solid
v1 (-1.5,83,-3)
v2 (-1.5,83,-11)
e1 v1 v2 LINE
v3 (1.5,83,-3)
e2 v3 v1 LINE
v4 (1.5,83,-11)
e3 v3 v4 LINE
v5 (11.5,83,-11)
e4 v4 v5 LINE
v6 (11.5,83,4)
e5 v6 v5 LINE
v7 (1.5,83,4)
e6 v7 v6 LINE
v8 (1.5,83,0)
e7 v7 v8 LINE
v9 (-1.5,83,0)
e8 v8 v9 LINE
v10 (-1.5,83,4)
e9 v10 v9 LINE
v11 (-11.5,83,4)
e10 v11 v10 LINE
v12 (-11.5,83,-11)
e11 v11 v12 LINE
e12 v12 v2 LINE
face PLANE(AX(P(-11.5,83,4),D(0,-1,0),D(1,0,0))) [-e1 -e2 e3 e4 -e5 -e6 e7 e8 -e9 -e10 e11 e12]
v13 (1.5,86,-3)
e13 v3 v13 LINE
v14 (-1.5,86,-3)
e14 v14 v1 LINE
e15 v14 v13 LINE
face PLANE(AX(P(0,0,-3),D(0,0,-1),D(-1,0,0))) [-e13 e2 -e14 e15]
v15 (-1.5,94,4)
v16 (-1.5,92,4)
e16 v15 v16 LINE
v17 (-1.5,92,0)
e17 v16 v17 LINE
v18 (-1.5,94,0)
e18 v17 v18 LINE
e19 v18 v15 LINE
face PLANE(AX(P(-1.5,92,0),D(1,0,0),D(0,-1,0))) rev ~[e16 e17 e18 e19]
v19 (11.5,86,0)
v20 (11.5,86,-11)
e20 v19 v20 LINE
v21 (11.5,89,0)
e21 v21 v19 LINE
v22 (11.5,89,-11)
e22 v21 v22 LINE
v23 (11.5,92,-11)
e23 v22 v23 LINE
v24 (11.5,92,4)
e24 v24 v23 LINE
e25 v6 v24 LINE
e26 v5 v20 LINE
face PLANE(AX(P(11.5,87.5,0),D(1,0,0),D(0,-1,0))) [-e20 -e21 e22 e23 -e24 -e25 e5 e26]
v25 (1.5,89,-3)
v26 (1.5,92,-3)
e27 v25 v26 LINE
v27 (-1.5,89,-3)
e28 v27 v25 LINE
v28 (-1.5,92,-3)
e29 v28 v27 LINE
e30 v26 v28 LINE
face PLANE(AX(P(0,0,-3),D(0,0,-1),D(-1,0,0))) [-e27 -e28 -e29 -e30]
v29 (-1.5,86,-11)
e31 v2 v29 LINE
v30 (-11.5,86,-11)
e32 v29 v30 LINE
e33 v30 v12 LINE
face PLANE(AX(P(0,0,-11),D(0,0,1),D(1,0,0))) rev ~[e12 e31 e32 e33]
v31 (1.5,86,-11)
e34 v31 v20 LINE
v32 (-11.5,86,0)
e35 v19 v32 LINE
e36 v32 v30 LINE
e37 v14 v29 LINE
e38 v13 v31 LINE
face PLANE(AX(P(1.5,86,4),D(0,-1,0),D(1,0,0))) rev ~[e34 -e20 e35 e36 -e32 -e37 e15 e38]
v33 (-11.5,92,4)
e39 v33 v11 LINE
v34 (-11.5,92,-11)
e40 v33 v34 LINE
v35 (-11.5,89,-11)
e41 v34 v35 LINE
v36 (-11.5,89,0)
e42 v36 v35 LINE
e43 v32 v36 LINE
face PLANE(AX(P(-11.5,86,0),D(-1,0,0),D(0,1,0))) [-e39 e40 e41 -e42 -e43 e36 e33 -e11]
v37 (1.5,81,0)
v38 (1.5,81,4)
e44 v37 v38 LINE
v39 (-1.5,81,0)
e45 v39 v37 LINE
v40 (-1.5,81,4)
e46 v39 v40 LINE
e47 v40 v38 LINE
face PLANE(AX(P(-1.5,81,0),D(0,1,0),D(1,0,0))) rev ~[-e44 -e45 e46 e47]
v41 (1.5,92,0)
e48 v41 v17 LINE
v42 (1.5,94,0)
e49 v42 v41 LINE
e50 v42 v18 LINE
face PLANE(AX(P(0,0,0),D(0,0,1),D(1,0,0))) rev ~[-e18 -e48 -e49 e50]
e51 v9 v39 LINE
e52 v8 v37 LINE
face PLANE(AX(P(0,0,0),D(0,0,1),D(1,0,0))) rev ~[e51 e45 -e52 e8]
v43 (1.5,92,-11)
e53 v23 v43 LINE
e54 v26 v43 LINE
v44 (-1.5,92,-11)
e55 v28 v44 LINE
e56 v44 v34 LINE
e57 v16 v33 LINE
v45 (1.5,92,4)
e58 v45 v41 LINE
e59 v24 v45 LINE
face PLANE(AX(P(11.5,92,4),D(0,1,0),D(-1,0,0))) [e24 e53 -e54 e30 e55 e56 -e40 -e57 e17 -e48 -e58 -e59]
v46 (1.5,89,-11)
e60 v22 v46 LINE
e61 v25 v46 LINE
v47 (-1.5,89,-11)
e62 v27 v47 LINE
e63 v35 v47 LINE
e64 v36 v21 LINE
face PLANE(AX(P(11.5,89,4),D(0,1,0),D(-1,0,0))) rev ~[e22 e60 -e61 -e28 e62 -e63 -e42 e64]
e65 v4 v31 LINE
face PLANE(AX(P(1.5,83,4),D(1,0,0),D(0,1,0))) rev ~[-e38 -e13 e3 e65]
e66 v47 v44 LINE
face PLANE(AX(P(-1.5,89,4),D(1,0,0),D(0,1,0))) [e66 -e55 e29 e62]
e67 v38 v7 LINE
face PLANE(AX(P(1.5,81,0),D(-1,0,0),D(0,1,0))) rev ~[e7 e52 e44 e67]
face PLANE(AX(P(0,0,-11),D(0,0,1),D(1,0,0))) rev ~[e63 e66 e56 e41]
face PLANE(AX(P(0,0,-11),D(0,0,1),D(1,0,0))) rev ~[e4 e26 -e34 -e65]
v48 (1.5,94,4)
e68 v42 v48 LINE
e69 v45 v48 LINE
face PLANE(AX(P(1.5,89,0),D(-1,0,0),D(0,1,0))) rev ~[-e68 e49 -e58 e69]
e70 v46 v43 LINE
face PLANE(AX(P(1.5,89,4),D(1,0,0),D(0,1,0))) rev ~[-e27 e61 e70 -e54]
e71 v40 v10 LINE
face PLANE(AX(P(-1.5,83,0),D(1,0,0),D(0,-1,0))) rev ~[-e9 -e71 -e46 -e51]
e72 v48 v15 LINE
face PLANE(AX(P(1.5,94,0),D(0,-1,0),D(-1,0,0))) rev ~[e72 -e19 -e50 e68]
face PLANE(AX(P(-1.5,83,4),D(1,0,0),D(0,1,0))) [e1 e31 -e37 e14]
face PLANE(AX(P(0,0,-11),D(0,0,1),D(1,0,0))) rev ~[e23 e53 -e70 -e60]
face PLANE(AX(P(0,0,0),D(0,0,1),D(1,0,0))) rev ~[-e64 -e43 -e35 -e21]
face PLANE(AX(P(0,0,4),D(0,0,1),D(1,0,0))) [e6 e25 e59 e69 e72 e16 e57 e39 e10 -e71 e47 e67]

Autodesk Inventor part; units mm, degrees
ref_plane "YZ Plane" through (0, 0, 0) normal (1, 0, 0) x (0, 1, 0)
ref_plane "XZ Plane" through (0, 0, 0) normal (0, 1, 0) x (-1, 0, 0)
ref_plane "XY Plane" through (0, 0, 0) normal (0, 0, 1) x (1, 0, 0)
sketch "Sketch1" plane through (0, 0, 0) normal (0, 0, 1) x (1, 0, 0)
  line L0 (-1.5, 81) -> (1.5, 81) projected
  line L1 (1.5, 81) -> (1.5, 86) projected
  line L2 (-1.5, 86) -> (1.5, 86) projected
  line L3 (-1.5, 86) -> (-1.5, 81) projected
  arc A0 (-53.4049, -82.5) -> (-44.7446, -87.5) centre (-44.7446, -77.5) ccw projected
  line L4 (-44.7446, -87.5) -> (44.7446, -87.5) projected
  arc A1 (44.7446, -87.5) -> (53.4049, -82.5) centre (44.7446, -77.5) ccw projected
  line L5 (53.4049, -82.5) -> (98.1495, -5) projected
  arc A2 (98.1495, -5) -> (98.1495, 5) centre (89.4893, 0) ccw projected
  line L6 (98.1495, 5) -> (53.4049, 82.5) projected
  arc A3 (53.4049, 82.5) -> (44.7446, 87.5) centre (44.7446, 77.5) ccw projected
  line L7 (44.7446, 87.5) -> (-44.7446, 87.5) projected
  arc A4 (-44.7446, 87.5) -> (-53.4049, 82.5) centre (-44.7446, 77.5) ccw projected
  line L8 (-53.4049, 82.5) -> (-98.1495, 5) projected
  arc A5 (-98.1495, 5) -> (-98.1495, -5) centre (-89.4893, 0) ccw projected
  line L9 (-98.1495, -5) -> (-53.4049, -82.5) projected
  line L10 (-50.8068, -84) -> (-98.1495, -2) projected
  arc A6 (-98.1495, 2) -> (-98.1495, -2) centre (-94.6854, 0) ccw projected
  line L11 (-98.1495, 2) -> (-50.8068, 84) projected
  arc A7 (-47.3427, 86) -> (-50.8068, 84) centre (-47.3427, 82) ccw projected
  line L12 (-47.3427, 86) -> (47.3427, 86) projected
  arc A8 (50.8068, 84) -> (47.3427, 86) centre (47.3427, 82) ccw projected
  line L13 (50.8068, 84) -> (98.1495, 2) projected
  arc A9 (98.1495, -2) -> (98.1495, 2) centre (94.6854, 0) ccw projected
  line L14 (98.1495, -2) -> (50.8068, -84) projected
  arc A10 (47.3427, -86) -> (50.8068, -84) centre (47.3427, -82) ccw projected
  line L15 (47.3427, -86) -> (-47.3427, -86) projected
  arc A11 (-50.8068, -84) -> (-47.3427, -86) centre (-47.3427, -82) ccw projected
  line L16 (47.3427, 89) -> (-47.3427, 89) projected
  line L17 (1.5, 94) -> (-1.5, 94) projected
  line L18 (-1.5, 94) -> (-1.5, 89) projected
  line L19 (1.5, 89) -> (-1.5, 89) projected
  line L20 (1.5, 89) -> (1.5, 94) projected
  line L21 (1.5, 97) -> (1.5, 94) projected
  line L22 (-1.5, 97) -> (1.5, 97) projected
  line L23 (-1.5, 94) -> (-1.5, 97) projected
  line L24 (1.5, 94) -> (-1.5, 94) projected
  line L25 (-1.5, 78) -> (-1.5, 81) projected
  line L26 (1.5, 78) -> (-1.5, 78) projected
  line L27 (1.5, 81) -> (1.5, 78) projected
  line L28 (-1.5, 81) -> (1.5, 81) projected
  line L29 (-11.5, 89) -> (11.5, 89)
  line L30 (11.5, 89) -> (11.5, 86)
  line L31 (11.5, 86) -> (-11.5, 86)
  line L32 (-11.5, 86) -> (-11.5, 89)
  line L33 (1.5, 92) -> (1.5, 83)
  line L34 (-1.5, 83) -> (-1.5, 92)
  line L35 (1.5, 92) -> (-1.5, 92)
  line L36 (1.5, 83) -> (-1.5, 83)
  point P0 (0, 0)
  dimension "d0" = 10
  dimension "d1" = 10
  dimension "d14" = 3
  dimension "d15" = 3
extrude "Extrusion1" add sketch "Sketch1" along normal blind 4 contours L3 L36 L1 L0 | L3 L2 L1 L36 | L34 L7 L33 L2 | L12 L32 L7 L34 | L33 L7 L30 L12 | L34 L16 L33 L7 | L7 L32 L16 L34 | L33 L16 L30 L7 | L18 L35 L20 L16 | L18 L17 L20 L35
sketch "Sketch2" plane through (0, 0, 4) normal (0, 0, 1) x (1, 0, 0)
  line L0 (1.5, 81) -> (1.5, 86) projected
  line L1 (1.5, 86) -> (11.5, 86) projected
  line L2 (11.5, 86) -> (11.5, 89) projected
  line L3 (11.5, 89) -> (1.5, 89) projected
  line L4 (1.5, 89) -> (1.5, 94) projected
  line L5 (-1.5, 94) -> (-1.5, 89) projected
  line L6 (-1.5, 89) -> (-11.5, 89) projected
  line L7 (-11.5, 89) -> (-11.5, 86) projected
  line L8 (-11.5, 86) -> (-1.5, 86) projected
  line L9 (-1.5, 86) -> (-1.5, 81) projected
  line L10 (-1.5, 81) -> (1.5, 81) projected
  line L11 (1.5, 94) -> (-1.5, 94) projected
  point P0 (0, 0)
sketch "Sketch3" plane through (0, 0, 4) normal (0, 0, 1) x (1, 0, 0)
  line L0 (11.5, 92) -> (-11.5, 92)
  line L1 (-11.5, 92) -> (-11.5, 83)
  line L2 (-11.5, 83) -> (11.5, 83)
  line L3 (11.5, 83) -> (11.5, 92)
  line L4 (11.5, 86) -> (11.5, 89) projected
  line L5 (-11.5, 89) -> (-11.5, 86) projected
  line L6 (1.5, 86) -> (11.5, 86) projected
  line L7 (11.5, 89) -> (1.5, 89) projected
  line L8 (-1.5, 86) -> (-11.5, 86)
  line L9 (-11.5, 86) -> (-11.5, 83)
  line L10 (-11.5, 83) -> (-1.5, 83)
  line L11 (-1.5, 83) -> (-1.5, 86)
  line L12 (-11.5, 89) -> (-11.5, 86) projected
  line L13 (-1.5, 92) -> (-11.5, 92)
  line L14 (-11.5, 92) -> (-11.5, 89)
  line L15 (-11.5, 89) -> (-1.5, 89)
  line L16 (-1.5, 89) -> (-1.5, 92)
  line L17 (-1.5, 94) -> (-1.5, 89) projected
  line L18 (1.5, 81) -> (1.5, 86) projected
  line L19 (11.5, 83) -> (1.5, 83)
  line L20 (1.5, 83) -> (1.5, 86)
  line L21 (1.5, 86) -> (11.5, 86)
  line L22 (11.5, 86) -> (11.5, 83)
  line L23 (11.5, 89) -> (1.5, 89)
  line L24 (1.5, 89) -> (1.5, 92)
  line L25 (1.5, 92) -> (11.5, 92)
  line L26 (11.5, 92) -> (11.5, 89)
  point P0 (0, 0)
  point P1 (-1.5, 97)
  point P2 (1.5, 78)
  dimension "d4" = 3
  dimension "d5" = 3
extrude "Extrusion2" add sketch "Sketch3" against normal blind 15 contours L3 L7 L24 L0 | L16 L15 L1 L0 | L3 L2 L18 L6 | L8 L11 L2 L1
sketch "Sketch4" plane through (0, 0, 0) normal (0, 0, -1) x (-1, 0, 0)
  line L0 (-1.5, 89) -> (-1.5, 92) projected
  line L1 (-11.5, 89) -> (-1.5, 89) projected
  line L2 (-11.5, 86) -> (-11.5, 89) projected
  line L3 (-1.5, 86) -> (-11.5, 86) projected
  line L4 (-1.5, 83) -> (-1.5, 86) projected
  line L5 (-1.5, 81) -> (-1.5, 83) projected
  line L6 (1.5, 83) -> (1.5, 81) projected
  line L7 (1.5, 86) -> (1.5, 83) projected
  line L8 (11.5, 86) -> (1.5, 86) projected
  line L9 (11.5, 89) -> (11.5, 86) projected
  line L10 (1.5, 89) -> (11.5, 89) projected
  line L11 (1.5, 92) -> (1.5, 89) projected
  line L12 (1.5, 94) -> (1.5, 92) projected
  line L13 (-1.5, 92) -> (-1.5, 94) projected
  line L14 (-1.5, 83) -> (-1.5, 86) projected
  line L15 (-1.5, 86) -> (-11.5, 86) projected
  line L16 (-11.5, 86) -> (-11.5, 83) projected
  line L17 (-11.5, 83) -> (-1.5, 83) projected
  line L18 (-1.5, 89) -> (-1.5, 92) projected
  line L19 (-1.5, 92) -> (-11.5, 92) projected
  line L20 (-11.5, 92) -> (-11.5, 89) projected
  line L21 (-11.5, 89) -> (-1.5, 89) projected
  line L22 (1.5, 89) -> (11.5, 89) projected
  line L23 (11.5, 89) -> (11.5, 92) projected
  line L24 (11.5, 92) -> (1.5, 92) projected
  line L25 (1.5, 92) -> (1.5, 89) projected
  line L26 (11.5, 83) -> (11.5, 86) projected
  line L27 (11.5, 86) -> (1.5, 86) projected
  line L28 (1.5, 86) -> (1.5, 83) projected
  line L29 (1.5, 83) -> (11.5, 83) projected
  line L30 (-1.5, 89) -> (-1.5, 92) projected
  line L31 (1.5, 89) -> (-1.5, 89)
  line L32 (-1.5, 89) -> (-1.5, 92)
  line L33 (-1.5, 92) -> (1.5, 92)
  line L34 (1.5, 92) -> (1.5, 89)
  line L35 (-1.5, 83) -> (-1.5, 86) projected
  line L36 (1.5, 86) -> (-1.5, 86)
  line L37 (-1.5, 86) -> (-1.5, 83)
  line L38 (-1.5, 83) -> (1.5, 83)
  line L39 (1.5, 83) -> (1.5, 86)
  line L40 (1.5, 81) -> (-1.5, 81) projected
  line L41 (-1.5, 94) -> (1.5, 94) projected
  point P0 (0, 0)
  dimension "d8" = 3
  dimension "d9" = 3
  dimension "d10" = 3
  dimension "d11" = 3
extrude "Extrusion3" add sketch "Sketch4" along normal blind 3 contours L0 L33 L11 L31 | L36 L7 L38 L4
equation "\"d1\" = d0"
equation "\"d15\" = d14"
equation "\"d5\" = d4"
properties part number "Aligner Helper v1"
